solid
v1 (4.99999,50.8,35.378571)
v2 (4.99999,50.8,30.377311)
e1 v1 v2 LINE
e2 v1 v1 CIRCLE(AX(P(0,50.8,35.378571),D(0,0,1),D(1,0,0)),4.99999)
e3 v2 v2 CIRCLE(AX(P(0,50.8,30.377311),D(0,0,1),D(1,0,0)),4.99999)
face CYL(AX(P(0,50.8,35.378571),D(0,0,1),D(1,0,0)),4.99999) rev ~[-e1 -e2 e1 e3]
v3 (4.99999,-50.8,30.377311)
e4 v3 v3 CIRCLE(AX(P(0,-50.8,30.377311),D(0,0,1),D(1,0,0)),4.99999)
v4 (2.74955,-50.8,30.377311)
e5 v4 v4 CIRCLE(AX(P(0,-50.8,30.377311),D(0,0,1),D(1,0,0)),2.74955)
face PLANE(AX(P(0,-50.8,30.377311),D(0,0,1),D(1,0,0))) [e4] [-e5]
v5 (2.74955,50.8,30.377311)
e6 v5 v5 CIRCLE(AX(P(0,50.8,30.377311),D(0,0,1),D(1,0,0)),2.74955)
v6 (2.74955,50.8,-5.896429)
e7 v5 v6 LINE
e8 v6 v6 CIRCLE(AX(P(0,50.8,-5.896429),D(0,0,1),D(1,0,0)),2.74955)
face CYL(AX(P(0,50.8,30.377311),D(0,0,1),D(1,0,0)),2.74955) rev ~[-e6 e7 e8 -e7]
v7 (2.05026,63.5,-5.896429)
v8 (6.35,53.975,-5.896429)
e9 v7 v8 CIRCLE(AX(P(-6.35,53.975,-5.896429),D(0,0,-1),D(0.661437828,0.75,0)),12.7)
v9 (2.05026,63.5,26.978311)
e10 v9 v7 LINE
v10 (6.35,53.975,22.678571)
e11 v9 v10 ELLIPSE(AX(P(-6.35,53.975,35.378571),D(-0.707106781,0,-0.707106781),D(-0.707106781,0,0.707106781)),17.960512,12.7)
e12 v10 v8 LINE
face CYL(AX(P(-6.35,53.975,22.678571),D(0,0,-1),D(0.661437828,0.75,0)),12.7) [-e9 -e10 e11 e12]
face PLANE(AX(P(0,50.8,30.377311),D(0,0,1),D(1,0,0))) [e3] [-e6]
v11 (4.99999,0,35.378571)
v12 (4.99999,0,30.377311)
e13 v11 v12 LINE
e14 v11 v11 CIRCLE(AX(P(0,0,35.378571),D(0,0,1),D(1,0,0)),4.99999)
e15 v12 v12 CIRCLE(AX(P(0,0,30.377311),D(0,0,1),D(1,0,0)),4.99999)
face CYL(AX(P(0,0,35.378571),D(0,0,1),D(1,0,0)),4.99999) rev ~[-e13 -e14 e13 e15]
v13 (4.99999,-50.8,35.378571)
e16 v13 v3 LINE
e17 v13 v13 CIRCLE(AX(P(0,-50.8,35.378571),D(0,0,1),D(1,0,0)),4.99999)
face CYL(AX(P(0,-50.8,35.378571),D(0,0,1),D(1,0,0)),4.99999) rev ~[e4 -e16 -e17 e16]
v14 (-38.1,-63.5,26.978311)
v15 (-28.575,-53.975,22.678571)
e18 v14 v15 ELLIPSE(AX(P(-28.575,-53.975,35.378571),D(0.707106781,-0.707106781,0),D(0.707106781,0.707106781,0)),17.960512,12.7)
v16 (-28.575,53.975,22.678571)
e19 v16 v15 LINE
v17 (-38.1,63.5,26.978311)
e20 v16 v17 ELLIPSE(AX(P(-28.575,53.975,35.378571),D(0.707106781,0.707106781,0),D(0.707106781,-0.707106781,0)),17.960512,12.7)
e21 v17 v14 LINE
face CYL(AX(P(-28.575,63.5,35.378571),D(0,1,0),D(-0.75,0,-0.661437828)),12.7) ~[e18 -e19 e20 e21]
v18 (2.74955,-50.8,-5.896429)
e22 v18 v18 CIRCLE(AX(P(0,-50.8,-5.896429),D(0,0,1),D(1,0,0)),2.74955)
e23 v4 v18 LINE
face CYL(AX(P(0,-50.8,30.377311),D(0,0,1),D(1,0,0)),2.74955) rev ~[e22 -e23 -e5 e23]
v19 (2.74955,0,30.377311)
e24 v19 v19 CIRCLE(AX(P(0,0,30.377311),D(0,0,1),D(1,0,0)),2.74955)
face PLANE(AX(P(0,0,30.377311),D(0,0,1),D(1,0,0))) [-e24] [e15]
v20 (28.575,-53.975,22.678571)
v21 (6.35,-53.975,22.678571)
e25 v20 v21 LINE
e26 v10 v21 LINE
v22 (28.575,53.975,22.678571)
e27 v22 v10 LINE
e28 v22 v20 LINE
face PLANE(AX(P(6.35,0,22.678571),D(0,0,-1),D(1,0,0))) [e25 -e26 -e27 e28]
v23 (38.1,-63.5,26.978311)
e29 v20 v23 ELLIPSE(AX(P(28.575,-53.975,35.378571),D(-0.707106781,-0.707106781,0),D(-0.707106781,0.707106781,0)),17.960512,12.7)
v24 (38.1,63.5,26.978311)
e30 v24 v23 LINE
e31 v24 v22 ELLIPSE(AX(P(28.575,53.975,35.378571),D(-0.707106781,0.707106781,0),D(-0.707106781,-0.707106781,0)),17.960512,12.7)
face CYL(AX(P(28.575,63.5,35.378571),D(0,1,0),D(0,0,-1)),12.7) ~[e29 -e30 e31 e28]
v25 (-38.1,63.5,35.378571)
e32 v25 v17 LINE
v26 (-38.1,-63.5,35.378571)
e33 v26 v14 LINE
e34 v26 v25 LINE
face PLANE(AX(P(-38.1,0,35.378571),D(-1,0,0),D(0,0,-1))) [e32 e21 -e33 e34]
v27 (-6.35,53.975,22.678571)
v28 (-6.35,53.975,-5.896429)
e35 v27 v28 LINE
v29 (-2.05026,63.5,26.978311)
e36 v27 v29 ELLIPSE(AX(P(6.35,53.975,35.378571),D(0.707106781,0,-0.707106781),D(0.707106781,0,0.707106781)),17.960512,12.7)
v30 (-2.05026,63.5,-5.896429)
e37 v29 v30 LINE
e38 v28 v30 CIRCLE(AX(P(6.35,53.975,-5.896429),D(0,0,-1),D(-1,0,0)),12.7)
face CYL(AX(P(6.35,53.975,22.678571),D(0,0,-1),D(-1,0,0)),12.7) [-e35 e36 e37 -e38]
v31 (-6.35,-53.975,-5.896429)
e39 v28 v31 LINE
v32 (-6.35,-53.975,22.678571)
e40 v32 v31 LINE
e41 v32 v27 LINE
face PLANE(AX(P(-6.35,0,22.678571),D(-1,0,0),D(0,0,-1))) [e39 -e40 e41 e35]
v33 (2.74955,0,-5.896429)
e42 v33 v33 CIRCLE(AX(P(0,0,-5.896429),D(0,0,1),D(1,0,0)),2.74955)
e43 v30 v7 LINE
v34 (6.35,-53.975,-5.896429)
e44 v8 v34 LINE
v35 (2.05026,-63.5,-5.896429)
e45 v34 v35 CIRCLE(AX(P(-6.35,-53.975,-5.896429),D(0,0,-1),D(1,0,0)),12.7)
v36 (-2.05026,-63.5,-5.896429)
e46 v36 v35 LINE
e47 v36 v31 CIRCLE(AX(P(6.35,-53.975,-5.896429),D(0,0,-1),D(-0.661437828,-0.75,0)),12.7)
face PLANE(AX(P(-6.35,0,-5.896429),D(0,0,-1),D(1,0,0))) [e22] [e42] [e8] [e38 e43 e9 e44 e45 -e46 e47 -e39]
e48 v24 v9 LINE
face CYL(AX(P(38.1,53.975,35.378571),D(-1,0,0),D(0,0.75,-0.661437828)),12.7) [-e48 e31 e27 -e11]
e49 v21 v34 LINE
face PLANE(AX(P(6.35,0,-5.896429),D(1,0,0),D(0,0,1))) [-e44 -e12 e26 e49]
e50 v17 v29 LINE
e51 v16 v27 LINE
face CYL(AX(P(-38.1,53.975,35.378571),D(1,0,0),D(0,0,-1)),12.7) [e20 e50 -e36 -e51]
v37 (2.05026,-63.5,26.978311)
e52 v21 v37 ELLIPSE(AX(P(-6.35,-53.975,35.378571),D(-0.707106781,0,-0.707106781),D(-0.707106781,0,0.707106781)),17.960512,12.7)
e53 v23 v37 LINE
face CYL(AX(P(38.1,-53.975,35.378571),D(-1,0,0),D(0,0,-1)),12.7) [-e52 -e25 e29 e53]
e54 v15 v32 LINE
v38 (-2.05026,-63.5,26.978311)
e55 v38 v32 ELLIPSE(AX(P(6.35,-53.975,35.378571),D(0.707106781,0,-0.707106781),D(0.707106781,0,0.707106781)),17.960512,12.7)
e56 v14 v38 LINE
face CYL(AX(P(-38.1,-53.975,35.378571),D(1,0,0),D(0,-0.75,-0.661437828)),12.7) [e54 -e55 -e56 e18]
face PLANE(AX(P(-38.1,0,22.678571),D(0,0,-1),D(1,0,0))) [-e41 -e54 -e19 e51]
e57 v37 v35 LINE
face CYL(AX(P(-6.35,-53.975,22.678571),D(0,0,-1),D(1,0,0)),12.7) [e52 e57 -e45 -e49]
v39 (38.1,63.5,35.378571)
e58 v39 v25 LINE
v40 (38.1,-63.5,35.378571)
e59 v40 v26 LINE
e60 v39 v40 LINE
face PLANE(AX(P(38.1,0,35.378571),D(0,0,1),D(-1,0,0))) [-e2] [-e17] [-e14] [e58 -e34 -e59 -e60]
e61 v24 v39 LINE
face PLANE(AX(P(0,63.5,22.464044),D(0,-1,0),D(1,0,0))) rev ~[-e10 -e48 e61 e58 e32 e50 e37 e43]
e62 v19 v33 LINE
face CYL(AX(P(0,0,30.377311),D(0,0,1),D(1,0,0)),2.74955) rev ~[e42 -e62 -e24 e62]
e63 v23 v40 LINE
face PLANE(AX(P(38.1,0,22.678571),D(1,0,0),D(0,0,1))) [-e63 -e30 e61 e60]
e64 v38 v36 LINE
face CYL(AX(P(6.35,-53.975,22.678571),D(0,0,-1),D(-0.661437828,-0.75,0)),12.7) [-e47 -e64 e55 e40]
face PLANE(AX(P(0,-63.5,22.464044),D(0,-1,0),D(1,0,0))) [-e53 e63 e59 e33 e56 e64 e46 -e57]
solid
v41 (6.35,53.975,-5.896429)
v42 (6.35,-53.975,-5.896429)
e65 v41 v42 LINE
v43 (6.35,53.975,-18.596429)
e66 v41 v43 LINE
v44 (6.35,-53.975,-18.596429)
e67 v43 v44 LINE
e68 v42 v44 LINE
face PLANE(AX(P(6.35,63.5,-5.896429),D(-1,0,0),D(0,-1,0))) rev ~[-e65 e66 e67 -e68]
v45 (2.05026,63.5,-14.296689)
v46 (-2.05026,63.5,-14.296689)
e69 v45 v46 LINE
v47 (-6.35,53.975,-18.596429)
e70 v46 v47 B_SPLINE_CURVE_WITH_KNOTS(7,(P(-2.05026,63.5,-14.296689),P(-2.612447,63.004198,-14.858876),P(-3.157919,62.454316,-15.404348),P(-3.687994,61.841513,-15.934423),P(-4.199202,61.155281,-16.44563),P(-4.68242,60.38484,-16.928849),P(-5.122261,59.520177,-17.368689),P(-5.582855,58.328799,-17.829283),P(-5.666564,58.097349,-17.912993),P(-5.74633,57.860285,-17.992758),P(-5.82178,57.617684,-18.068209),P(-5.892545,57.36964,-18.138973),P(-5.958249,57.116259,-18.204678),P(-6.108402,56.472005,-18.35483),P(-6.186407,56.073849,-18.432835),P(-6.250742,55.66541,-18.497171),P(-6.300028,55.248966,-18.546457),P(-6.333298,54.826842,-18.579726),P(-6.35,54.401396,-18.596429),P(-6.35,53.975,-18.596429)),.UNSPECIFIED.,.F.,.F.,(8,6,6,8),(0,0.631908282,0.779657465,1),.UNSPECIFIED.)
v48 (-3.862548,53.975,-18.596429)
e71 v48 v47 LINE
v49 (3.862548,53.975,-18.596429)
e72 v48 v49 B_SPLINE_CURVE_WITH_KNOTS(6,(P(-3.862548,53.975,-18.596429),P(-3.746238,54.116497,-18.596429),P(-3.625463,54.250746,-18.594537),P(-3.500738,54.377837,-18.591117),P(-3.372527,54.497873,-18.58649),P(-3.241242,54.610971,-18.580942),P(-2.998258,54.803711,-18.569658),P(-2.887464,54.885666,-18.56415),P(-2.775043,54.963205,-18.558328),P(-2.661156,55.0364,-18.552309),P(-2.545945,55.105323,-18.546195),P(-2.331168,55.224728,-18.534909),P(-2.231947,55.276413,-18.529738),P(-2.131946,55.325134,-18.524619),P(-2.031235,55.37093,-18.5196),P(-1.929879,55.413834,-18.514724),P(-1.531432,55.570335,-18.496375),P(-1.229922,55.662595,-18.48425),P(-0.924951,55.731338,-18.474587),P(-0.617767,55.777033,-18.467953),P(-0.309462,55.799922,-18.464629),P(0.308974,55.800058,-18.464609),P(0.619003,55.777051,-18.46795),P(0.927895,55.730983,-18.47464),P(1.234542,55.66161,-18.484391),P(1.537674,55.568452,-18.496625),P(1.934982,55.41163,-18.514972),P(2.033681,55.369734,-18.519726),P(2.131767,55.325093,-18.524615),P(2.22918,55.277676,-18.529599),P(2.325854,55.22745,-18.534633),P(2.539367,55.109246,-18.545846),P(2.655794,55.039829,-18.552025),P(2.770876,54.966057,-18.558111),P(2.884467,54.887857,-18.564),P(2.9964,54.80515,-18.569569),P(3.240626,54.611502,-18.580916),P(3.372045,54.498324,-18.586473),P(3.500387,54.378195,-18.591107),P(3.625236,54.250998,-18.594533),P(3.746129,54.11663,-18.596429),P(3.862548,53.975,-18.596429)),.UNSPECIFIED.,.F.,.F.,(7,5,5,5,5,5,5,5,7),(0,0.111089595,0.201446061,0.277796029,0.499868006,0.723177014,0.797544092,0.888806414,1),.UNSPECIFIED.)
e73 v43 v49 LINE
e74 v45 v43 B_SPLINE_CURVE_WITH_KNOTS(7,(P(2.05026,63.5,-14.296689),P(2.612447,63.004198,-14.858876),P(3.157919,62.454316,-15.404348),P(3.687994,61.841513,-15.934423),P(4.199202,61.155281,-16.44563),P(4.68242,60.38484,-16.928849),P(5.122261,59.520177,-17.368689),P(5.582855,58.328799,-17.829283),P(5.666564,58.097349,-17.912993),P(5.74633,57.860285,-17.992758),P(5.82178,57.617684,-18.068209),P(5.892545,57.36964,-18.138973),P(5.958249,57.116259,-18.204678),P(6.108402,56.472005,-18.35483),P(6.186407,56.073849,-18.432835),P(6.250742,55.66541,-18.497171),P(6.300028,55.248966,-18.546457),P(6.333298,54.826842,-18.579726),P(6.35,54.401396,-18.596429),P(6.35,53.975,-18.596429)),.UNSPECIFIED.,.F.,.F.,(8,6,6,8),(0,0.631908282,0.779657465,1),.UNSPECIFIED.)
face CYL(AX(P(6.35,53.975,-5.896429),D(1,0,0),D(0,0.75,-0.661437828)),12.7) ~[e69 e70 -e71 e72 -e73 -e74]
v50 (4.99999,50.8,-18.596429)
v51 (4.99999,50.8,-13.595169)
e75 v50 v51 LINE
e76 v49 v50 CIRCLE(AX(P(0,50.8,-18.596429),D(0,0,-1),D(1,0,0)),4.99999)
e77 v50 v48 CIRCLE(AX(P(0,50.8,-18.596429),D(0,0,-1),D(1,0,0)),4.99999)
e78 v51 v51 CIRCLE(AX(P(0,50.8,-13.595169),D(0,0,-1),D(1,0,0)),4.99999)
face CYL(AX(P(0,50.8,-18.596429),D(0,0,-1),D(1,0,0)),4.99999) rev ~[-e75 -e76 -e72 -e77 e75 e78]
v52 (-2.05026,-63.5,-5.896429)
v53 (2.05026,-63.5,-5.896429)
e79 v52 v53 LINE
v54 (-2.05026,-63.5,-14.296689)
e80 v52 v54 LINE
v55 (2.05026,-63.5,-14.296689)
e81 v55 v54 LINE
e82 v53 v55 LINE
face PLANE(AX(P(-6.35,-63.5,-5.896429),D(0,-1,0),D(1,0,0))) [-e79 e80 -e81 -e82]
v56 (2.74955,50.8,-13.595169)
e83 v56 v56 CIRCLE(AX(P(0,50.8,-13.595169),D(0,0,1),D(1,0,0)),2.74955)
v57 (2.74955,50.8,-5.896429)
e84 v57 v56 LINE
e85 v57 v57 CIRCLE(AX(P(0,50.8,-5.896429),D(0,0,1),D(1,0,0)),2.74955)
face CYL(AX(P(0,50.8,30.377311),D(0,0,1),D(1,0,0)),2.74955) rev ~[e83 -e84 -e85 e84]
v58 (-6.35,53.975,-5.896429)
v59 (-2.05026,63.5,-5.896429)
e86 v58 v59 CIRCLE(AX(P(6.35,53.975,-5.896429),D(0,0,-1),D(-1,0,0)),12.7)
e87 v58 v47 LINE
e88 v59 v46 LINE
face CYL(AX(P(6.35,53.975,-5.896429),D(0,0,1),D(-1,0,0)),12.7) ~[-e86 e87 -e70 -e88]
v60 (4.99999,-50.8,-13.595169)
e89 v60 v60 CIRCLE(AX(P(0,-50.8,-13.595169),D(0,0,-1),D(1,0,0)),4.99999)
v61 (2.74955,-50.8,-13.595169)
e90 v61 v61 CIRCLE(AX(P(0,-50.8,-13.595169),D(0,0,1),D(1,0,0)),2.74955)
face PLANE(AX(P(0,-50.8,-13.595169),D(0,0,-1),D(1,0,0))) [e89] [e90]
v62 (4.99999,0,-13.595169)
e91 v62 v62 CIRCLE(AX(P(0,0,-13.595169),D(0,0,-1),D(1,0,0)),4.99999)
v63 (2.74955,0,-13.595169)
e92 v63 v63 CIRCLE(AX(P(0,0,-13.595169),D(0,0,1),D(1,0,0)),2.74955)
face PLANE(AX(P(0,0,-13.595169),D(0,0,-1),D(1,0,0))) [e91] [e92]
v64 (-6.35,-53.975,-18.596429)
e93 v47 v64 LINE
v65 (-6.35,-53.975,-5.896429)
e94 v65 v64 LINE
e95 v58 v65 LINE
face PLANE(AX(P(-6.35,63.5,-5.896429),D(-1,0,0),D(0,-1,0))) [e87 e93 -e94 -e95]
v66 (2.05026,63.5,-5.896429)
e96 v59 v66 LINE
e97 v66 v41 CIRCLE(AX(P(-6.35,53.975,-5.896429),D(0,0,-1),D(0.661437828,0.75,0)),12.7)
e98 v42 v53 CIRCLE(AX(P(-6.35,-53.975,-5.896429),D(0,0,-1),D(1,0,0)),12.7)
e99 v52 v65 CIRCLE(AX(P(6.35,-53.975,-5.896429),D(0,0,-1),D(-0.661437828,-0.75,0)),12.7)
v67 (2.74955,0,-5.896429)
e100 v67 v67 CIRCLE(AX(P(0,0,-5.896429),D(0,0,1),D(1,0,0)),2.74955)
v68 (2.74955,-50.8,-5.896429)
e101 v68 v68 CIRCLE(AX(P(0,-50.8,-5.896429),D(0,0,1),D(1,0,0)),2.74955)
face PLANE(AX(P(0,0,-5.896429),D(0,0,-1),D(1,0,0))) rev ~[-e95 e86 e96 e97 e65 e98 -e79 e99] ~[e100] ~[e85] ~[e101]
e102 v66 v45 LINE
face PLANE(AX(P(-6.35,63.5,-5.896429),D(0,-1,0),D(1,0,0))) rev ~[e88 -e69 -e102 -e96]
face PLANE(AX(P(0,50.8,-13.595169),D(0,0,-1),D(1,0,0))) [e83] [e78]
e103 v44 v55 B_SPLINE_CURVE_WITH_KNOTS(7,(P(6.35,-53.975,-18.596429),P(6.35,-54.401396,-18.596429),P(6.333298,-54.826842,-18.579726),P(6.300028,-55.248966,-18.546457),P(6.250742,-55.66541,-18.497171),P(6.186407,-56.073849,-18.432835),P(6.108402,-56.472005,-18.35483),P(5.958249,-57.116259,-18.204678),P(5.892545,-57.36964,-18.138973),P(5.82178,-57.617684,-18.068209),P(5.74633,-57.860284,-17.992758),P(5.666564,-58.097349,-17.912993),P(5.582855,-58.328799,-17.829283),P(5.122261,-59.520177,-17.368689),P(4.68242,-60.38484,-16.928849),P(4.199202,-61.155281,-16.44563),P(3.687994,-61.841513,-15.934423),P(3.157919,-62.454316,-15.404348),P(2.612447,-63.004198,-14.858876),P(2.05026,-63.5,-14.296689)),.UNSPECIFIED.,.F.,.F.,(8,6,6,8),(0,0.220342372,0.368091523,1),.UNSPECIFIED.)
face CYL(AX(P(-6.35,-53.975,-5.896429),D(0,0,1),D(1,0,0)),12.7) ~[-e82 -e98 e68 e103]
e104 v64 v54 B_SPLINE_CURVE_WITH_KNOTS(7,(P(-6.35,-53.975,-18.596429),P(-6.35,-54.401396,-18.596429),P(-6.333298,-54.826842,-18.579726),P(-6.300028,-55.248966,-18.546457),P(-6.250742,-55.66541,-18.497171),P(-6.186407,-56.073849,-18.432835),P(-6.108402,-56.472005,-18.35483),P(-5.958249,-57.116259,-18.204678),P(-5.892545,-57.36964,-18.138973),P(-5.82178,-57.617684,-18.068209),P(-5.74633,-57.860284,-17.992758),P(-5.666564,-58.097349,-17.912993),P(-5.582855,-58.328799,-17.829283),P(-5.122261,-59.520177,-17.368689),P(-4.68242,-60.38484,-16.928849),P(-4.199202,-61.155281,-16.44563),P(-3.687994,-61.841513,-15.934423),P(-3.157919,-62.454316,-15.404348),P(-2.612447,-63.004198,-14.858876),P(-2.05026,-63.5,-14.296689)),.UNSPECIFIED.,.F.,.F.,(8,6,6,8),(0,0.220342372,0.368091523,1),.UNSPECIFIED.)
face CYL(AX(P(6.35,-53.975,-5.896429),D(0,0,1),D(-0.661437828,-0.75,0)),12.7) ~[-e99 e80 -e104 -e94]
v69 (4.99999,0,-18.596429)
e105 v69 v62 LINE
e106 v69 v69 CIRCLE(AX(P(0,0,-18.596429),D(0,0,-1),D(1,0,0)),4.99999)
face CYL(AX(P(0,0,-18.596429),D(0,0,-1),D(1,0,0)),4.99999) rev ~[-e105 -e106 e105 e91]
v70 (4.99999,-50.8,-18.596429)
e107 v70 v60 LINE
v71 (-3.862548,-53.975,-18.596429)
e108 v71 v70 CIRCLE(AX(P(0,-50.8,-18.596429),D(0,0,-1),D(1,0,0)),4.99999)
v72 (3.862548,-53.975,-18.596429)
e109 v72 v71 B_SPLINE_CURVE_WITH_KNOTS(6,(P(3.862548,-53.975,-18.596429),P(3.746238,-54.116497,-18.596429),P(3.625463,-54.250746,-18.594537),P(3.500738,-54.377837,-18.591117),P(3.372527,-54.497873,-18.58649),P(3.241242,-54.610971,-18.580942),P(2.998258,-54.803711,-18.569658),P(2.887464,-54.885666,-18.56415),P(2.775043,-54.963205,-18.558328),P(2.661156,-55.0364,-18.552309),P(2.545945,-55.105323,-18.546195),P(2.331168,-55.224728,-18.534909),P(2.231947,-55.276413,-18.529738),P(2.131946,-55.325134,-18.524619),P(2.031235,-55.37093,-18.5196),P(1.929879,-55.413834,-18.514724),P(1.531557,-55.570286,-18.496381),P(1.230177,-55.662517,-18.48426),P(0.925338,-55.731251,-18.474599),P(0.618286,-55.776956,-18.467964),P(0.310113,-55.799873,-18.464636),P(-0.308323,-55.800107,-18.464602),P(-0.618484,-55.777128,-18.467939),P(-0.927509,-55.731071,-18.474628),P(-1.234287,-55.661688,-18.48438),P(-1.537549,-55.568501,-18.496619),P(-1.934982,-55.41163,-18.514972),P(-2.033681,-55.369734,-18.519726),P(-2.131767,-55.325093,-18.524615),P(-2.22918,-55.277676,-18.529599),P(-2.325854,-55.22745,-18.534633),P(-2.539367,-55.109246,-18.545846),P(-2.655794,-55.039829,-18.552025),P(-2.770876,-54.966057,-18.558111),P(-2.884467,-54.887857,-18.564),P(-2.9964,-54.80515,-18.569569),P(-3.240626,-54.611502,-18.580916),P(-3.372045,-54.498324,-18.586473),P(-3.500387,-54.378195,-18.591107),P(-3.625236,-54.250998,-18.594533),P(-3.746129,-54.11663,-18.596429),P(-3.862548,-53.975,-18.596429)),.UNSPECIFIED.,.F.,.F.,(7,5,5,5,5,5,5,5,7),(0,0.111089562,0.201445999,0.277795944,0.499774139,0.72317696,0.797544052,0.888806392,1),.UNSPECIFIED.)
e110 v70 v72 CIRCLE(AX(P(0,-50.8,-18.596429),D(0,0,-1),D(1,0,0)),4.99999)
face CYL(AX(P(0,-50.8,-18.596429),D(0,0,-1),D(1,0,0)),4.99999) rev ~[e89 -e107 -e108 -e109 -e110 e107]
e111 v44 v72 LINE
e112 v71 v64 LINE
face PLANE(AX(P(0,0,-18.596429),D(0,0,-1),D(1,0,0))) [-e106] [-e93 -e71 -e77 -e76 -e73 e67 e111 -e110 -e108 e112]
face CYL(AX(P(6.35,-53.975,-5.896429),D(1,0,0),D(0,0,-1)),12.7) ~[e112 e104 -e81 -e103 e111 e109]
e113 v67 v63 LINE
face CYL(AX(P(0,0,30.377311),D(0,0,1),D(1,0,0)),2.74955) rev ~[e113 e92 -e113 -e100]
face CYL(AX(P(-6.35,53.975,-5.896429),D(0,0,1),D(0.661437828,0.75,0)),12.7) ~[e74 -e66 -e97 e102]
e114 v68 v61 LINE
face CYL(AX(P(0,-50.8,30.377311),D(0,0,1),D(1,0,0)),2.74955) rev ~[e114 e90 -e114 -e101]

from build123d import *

# Parameters (mm, degrees)
F1_DEPTH  = 63.5
F2_W      = 12.7
F2_H      = 127
F3_DEPTH  = 12.7
F4_R      = 4.99999
F5_DEPTH  = 5.00126
F6_R      = 4.99999
F7_DEPTH  = 5.00126
F8_R      = 2.74955
F9_DEPTH  = 48.97474
F15_DEPTH = 25.4
F17_DEPTH = 127.001
F19_DEPTH = 44.451


with BuildPart() as f1:
    # F0 (on Front) → F1 (new body, symmetric)
    with BuildSketch(Plane.XZ):
        Polygon((-6.35, 22.6785714286), (-6.35, -5.8964285714), (6.35, -5.8964285714), (6.35, 22.6785714286), (38.1, 22.6785714286), (38.1, 35.3785714286), (-38.1, 35.3785714286), (-38.1, 22.6785714286), align=None)
    extrude(amount=F1_DEPTH, both=True)

    # F4 (on face) → F5 (cut)
    with BuildSketch(Plane.XY.offset(35.3785714286)):
        with Locations((0, 50.8)):
            Circle(F4_R)
        with Locations((0, -50.8)):
            Circle(F4_R)
        Circle(F4_R)
    extrude(amount=-F5_DEPTH, mode=Mode.SUBTRACT)


with BuildPart() as f3:
    # F2 (on face) → F3 (new body)
    with BuildSketch(Plane(origin=(0, 0, -5.8964285714), x_dir=(1, 0, 0), z_dir=(0, 0, -1))):
        Rectangle(F2_W, F2_H)
    extrude(amount=F3_DEPTH)

    # F6 (on face) → F7 (cut)
    with BuildSketch(Plane(origin=(0, 0, -18.5964285714), x_dir=(1, 0, 0), z_dir=(0, 0, -1))):
        Circle(F6_R)
        with Locations((0, -50.8)):
            Circle(F6_R)
        with Locations((0, 50.8)):
            Circle(F6_R)
    extrude(amount=-F7_DEPTH, mode=Mode.SUBTRACT)


with BuildPart() as f9_tool:
    # F8 (on face) → F9 (new body, through all)
    with BuildSketch(Plane.XY.offset(30.3773114286)):
        Circle(F8_R)
        with Locations((0, 50.8)):
            Circle(F8_R)
        with Locations((0, -50.8)):
            Circle(F8_R)
    extrude(amount=-F9_DEPTH)


with BuildPart() as f1_1:
    add(f1.part)

    # F9: cut by f9_tool
    add(f9_tool.part, mode=Mode.SUBTRACT)

    # F11: sweep along a path in F11_path
    with BuildLine(Plane(origin=(38.1, -63.5, 22.6785714286), x_dir=(0, 0, -1), z_dir=(0, 1, 0))) as f11_path:
        Line((0, 0), (0, 31.75))
        Line((0, 31.75), (28.575, 31.75))
    # F10 (on face) → F11 (sweep, cut)
    with BuildSketch(Plane.YZ.offset(38.1)):
        with BuildLine():
            ThreePointArc((-53.975, 22.6785714286), (-59.2002604126, 23.8033110159), (-63.5, 26.9783110159))
            Line((-63.5, 26.9783110159), (-63.5, 22.6785714286))
            Line((-63.5, 22.6785714286), (-53.975, 22.6785714286))
        make_face()
        with BuildLine():
            ThreePointArc((63.5, 26.9783110159), (59.2002604126, 23.8033110159), (53.975, 22.6785714286))
            Line((53.975, 22.6785714286), (63.5, 22.6785714286))
            Line((63.5, 22.6785714286), (63.5, 26.9783110159))
        make_face()
    sweep(path=f11_path.line, transition=Transition.RIGHT, mode=Mode.SUBTRACT)

    # F13: sweep along a path in F13_path
    with BuildLine(Plane(origin=(-38.1, -63.5, 22.6785714286), x_dir=(0, 0, 1), z_dir=(0, -1, 0))) as f13_path:
        Line((0, 0), (0, -31.75))
        Line((0, -31.75), (-28.575, -31.75))
    # F12 (on face) → F13 (sweep, cut)
    with BuildSketch(Plane(origin=(-38.1, 0, 0), x_dir=(0, -1, 0), z_dir=(-1, 0, 0))):
        with BuildLine():
            Line((53.975, 22.6785714286), (63.5, 22.6785714286))
            Line((63.5, 22.6785714286), (63.5, 26.9783110159))
            ThreePointArc((63.5, 26.9783110159), (59.2002604126, 23.8033110159), (53.975, 22.6785714286))
        make_face()
        with BuildLine():
            Line((-63.5, 26.9783110159), (-63.5, 22.6785714286))
            Line((-63.5, 22.6785714286), (-53.975, 22.6785714286))
            ThreePointArc((-53.975, 22.6785714286), (-59.2002604126, 23.8033110159), (-63.5, 26.9783110159))
        make_face()
    sweep(path=f13_path.line, transition=Transition.RIGHT, mode=Mode.SUBTRACT)

    # F16 (on face) → F17 (cut, through all)
    with BuildSketch(Plane(origin=(0, 63.5, 0), x_dir=(-1, 0, 0), z_dir=(0, 1, 0))):
        with BuildLine():
            ThreePointArc((-28.575, 22.6785714286), (-33.8002604126, 23.8033110159), (-38.1, 26.9783110159))
            Line((-38.1, 26.9783110159), (-38.1, 22.6785714286))
            Line((-38.1, 22.6785714286), (-28.575, 22.6785714286))
        make_face()
        with BuildLine():
            ThreePointArc((38.1, 26.9783110159), (33.8002604126, 23.8033110159), (28.575, 22.6785714286))
            Line((28.575, 22.6785714286), (38.1, 22.6785714286))
            Line((38.1, 22.6785714286), (38.1, 26.9783110159))
        make_face()
    extrude(amount=-F17_DEPTH, mode=Mode.SUBTRACT)


with BuildPart() as f3_1:
    add(f3.part)

    # F9: cut by f9_tool
    add(f9_tool.part, mode=Mode.SUBTRACT)

    # F14 (on face) → F15 (cut)
    with BuildSketch(Plane.XY.offset(-5.8964285714)):
        with BuildLine():
            Line((-6.35, 63.5), (-6.35, 53.975))
            ThreePointArc((-6.35, 53.975), (-5.2252604126, 59.2002604126), (-2.0502604126, 63.5))
            Line((-2.0502604126, 63.5), (-6.35, 63.5))
        make_face()
        with BuildLine():
            Line((-6.35, -53.975), (-6.35, -63.5))
            Line((-6.35, -63.5), (-2.0502604126, -63.5))
            ThreePointArc((-2.0502604126, -63.5), (-5.2252604126, -59.2002604126), (-6.35, -53.975))
        make_face()
        with BuildLine():
            Line((2.0502604126, -63.5), (6.35, -63.5))
            Line((6.35, -63.5), (6.35, -53.975))
            ThreePointArc((6.35, -53.975), (5.2252604126, -59.2002604126), (2.0502604126, -63.5))
        make_face()
        with BuildLine():
            Line((6.35, 63.5), (2.0502604126, 63.5))
            ThreePointArc((2.0502604126, 63.5), (5.2252604126, 59.2002604126), (6.35, 53.975))
            Line((6.35, 53.975), (6.35, 63.5))
        make_face()
    extrude(amount=-F15_DEPTH, mode=Mode.SUBTRACT)

    # F18 (on face) → F19 (cut, through all)
    with BuildSketch(Plane.YZ.offset(6.35)):
        with BuildLine():
            ThreePointArc((-53.975, -18.5964285714), (-59.2002604126, -17.4716889841), (-63.5, -14.2966889841))
            Line((-63.5, -14.2966889841), (-63.5, -18.5964285714))
            Line((-63.5, -18.5964285714), (-53.975, -18.5964285714))
        make_face()
        with BuildLine():
            Line((63.5, -18.5964285714), (63.5, -14.2966889841))
            ThreePointArc((63.5, -14.2966889841), (59.2002604126, -17.4716889841), (53.975, -18.5964285714))
            Line((53.975, -18.5964285714), (63.5, -18.5964285714))
        make_face()
    extrude(amount=-F19_DEPTH, mode=Mode.SUBTRACT)


solid = Compound([f1_1.part, f3_1.part])
